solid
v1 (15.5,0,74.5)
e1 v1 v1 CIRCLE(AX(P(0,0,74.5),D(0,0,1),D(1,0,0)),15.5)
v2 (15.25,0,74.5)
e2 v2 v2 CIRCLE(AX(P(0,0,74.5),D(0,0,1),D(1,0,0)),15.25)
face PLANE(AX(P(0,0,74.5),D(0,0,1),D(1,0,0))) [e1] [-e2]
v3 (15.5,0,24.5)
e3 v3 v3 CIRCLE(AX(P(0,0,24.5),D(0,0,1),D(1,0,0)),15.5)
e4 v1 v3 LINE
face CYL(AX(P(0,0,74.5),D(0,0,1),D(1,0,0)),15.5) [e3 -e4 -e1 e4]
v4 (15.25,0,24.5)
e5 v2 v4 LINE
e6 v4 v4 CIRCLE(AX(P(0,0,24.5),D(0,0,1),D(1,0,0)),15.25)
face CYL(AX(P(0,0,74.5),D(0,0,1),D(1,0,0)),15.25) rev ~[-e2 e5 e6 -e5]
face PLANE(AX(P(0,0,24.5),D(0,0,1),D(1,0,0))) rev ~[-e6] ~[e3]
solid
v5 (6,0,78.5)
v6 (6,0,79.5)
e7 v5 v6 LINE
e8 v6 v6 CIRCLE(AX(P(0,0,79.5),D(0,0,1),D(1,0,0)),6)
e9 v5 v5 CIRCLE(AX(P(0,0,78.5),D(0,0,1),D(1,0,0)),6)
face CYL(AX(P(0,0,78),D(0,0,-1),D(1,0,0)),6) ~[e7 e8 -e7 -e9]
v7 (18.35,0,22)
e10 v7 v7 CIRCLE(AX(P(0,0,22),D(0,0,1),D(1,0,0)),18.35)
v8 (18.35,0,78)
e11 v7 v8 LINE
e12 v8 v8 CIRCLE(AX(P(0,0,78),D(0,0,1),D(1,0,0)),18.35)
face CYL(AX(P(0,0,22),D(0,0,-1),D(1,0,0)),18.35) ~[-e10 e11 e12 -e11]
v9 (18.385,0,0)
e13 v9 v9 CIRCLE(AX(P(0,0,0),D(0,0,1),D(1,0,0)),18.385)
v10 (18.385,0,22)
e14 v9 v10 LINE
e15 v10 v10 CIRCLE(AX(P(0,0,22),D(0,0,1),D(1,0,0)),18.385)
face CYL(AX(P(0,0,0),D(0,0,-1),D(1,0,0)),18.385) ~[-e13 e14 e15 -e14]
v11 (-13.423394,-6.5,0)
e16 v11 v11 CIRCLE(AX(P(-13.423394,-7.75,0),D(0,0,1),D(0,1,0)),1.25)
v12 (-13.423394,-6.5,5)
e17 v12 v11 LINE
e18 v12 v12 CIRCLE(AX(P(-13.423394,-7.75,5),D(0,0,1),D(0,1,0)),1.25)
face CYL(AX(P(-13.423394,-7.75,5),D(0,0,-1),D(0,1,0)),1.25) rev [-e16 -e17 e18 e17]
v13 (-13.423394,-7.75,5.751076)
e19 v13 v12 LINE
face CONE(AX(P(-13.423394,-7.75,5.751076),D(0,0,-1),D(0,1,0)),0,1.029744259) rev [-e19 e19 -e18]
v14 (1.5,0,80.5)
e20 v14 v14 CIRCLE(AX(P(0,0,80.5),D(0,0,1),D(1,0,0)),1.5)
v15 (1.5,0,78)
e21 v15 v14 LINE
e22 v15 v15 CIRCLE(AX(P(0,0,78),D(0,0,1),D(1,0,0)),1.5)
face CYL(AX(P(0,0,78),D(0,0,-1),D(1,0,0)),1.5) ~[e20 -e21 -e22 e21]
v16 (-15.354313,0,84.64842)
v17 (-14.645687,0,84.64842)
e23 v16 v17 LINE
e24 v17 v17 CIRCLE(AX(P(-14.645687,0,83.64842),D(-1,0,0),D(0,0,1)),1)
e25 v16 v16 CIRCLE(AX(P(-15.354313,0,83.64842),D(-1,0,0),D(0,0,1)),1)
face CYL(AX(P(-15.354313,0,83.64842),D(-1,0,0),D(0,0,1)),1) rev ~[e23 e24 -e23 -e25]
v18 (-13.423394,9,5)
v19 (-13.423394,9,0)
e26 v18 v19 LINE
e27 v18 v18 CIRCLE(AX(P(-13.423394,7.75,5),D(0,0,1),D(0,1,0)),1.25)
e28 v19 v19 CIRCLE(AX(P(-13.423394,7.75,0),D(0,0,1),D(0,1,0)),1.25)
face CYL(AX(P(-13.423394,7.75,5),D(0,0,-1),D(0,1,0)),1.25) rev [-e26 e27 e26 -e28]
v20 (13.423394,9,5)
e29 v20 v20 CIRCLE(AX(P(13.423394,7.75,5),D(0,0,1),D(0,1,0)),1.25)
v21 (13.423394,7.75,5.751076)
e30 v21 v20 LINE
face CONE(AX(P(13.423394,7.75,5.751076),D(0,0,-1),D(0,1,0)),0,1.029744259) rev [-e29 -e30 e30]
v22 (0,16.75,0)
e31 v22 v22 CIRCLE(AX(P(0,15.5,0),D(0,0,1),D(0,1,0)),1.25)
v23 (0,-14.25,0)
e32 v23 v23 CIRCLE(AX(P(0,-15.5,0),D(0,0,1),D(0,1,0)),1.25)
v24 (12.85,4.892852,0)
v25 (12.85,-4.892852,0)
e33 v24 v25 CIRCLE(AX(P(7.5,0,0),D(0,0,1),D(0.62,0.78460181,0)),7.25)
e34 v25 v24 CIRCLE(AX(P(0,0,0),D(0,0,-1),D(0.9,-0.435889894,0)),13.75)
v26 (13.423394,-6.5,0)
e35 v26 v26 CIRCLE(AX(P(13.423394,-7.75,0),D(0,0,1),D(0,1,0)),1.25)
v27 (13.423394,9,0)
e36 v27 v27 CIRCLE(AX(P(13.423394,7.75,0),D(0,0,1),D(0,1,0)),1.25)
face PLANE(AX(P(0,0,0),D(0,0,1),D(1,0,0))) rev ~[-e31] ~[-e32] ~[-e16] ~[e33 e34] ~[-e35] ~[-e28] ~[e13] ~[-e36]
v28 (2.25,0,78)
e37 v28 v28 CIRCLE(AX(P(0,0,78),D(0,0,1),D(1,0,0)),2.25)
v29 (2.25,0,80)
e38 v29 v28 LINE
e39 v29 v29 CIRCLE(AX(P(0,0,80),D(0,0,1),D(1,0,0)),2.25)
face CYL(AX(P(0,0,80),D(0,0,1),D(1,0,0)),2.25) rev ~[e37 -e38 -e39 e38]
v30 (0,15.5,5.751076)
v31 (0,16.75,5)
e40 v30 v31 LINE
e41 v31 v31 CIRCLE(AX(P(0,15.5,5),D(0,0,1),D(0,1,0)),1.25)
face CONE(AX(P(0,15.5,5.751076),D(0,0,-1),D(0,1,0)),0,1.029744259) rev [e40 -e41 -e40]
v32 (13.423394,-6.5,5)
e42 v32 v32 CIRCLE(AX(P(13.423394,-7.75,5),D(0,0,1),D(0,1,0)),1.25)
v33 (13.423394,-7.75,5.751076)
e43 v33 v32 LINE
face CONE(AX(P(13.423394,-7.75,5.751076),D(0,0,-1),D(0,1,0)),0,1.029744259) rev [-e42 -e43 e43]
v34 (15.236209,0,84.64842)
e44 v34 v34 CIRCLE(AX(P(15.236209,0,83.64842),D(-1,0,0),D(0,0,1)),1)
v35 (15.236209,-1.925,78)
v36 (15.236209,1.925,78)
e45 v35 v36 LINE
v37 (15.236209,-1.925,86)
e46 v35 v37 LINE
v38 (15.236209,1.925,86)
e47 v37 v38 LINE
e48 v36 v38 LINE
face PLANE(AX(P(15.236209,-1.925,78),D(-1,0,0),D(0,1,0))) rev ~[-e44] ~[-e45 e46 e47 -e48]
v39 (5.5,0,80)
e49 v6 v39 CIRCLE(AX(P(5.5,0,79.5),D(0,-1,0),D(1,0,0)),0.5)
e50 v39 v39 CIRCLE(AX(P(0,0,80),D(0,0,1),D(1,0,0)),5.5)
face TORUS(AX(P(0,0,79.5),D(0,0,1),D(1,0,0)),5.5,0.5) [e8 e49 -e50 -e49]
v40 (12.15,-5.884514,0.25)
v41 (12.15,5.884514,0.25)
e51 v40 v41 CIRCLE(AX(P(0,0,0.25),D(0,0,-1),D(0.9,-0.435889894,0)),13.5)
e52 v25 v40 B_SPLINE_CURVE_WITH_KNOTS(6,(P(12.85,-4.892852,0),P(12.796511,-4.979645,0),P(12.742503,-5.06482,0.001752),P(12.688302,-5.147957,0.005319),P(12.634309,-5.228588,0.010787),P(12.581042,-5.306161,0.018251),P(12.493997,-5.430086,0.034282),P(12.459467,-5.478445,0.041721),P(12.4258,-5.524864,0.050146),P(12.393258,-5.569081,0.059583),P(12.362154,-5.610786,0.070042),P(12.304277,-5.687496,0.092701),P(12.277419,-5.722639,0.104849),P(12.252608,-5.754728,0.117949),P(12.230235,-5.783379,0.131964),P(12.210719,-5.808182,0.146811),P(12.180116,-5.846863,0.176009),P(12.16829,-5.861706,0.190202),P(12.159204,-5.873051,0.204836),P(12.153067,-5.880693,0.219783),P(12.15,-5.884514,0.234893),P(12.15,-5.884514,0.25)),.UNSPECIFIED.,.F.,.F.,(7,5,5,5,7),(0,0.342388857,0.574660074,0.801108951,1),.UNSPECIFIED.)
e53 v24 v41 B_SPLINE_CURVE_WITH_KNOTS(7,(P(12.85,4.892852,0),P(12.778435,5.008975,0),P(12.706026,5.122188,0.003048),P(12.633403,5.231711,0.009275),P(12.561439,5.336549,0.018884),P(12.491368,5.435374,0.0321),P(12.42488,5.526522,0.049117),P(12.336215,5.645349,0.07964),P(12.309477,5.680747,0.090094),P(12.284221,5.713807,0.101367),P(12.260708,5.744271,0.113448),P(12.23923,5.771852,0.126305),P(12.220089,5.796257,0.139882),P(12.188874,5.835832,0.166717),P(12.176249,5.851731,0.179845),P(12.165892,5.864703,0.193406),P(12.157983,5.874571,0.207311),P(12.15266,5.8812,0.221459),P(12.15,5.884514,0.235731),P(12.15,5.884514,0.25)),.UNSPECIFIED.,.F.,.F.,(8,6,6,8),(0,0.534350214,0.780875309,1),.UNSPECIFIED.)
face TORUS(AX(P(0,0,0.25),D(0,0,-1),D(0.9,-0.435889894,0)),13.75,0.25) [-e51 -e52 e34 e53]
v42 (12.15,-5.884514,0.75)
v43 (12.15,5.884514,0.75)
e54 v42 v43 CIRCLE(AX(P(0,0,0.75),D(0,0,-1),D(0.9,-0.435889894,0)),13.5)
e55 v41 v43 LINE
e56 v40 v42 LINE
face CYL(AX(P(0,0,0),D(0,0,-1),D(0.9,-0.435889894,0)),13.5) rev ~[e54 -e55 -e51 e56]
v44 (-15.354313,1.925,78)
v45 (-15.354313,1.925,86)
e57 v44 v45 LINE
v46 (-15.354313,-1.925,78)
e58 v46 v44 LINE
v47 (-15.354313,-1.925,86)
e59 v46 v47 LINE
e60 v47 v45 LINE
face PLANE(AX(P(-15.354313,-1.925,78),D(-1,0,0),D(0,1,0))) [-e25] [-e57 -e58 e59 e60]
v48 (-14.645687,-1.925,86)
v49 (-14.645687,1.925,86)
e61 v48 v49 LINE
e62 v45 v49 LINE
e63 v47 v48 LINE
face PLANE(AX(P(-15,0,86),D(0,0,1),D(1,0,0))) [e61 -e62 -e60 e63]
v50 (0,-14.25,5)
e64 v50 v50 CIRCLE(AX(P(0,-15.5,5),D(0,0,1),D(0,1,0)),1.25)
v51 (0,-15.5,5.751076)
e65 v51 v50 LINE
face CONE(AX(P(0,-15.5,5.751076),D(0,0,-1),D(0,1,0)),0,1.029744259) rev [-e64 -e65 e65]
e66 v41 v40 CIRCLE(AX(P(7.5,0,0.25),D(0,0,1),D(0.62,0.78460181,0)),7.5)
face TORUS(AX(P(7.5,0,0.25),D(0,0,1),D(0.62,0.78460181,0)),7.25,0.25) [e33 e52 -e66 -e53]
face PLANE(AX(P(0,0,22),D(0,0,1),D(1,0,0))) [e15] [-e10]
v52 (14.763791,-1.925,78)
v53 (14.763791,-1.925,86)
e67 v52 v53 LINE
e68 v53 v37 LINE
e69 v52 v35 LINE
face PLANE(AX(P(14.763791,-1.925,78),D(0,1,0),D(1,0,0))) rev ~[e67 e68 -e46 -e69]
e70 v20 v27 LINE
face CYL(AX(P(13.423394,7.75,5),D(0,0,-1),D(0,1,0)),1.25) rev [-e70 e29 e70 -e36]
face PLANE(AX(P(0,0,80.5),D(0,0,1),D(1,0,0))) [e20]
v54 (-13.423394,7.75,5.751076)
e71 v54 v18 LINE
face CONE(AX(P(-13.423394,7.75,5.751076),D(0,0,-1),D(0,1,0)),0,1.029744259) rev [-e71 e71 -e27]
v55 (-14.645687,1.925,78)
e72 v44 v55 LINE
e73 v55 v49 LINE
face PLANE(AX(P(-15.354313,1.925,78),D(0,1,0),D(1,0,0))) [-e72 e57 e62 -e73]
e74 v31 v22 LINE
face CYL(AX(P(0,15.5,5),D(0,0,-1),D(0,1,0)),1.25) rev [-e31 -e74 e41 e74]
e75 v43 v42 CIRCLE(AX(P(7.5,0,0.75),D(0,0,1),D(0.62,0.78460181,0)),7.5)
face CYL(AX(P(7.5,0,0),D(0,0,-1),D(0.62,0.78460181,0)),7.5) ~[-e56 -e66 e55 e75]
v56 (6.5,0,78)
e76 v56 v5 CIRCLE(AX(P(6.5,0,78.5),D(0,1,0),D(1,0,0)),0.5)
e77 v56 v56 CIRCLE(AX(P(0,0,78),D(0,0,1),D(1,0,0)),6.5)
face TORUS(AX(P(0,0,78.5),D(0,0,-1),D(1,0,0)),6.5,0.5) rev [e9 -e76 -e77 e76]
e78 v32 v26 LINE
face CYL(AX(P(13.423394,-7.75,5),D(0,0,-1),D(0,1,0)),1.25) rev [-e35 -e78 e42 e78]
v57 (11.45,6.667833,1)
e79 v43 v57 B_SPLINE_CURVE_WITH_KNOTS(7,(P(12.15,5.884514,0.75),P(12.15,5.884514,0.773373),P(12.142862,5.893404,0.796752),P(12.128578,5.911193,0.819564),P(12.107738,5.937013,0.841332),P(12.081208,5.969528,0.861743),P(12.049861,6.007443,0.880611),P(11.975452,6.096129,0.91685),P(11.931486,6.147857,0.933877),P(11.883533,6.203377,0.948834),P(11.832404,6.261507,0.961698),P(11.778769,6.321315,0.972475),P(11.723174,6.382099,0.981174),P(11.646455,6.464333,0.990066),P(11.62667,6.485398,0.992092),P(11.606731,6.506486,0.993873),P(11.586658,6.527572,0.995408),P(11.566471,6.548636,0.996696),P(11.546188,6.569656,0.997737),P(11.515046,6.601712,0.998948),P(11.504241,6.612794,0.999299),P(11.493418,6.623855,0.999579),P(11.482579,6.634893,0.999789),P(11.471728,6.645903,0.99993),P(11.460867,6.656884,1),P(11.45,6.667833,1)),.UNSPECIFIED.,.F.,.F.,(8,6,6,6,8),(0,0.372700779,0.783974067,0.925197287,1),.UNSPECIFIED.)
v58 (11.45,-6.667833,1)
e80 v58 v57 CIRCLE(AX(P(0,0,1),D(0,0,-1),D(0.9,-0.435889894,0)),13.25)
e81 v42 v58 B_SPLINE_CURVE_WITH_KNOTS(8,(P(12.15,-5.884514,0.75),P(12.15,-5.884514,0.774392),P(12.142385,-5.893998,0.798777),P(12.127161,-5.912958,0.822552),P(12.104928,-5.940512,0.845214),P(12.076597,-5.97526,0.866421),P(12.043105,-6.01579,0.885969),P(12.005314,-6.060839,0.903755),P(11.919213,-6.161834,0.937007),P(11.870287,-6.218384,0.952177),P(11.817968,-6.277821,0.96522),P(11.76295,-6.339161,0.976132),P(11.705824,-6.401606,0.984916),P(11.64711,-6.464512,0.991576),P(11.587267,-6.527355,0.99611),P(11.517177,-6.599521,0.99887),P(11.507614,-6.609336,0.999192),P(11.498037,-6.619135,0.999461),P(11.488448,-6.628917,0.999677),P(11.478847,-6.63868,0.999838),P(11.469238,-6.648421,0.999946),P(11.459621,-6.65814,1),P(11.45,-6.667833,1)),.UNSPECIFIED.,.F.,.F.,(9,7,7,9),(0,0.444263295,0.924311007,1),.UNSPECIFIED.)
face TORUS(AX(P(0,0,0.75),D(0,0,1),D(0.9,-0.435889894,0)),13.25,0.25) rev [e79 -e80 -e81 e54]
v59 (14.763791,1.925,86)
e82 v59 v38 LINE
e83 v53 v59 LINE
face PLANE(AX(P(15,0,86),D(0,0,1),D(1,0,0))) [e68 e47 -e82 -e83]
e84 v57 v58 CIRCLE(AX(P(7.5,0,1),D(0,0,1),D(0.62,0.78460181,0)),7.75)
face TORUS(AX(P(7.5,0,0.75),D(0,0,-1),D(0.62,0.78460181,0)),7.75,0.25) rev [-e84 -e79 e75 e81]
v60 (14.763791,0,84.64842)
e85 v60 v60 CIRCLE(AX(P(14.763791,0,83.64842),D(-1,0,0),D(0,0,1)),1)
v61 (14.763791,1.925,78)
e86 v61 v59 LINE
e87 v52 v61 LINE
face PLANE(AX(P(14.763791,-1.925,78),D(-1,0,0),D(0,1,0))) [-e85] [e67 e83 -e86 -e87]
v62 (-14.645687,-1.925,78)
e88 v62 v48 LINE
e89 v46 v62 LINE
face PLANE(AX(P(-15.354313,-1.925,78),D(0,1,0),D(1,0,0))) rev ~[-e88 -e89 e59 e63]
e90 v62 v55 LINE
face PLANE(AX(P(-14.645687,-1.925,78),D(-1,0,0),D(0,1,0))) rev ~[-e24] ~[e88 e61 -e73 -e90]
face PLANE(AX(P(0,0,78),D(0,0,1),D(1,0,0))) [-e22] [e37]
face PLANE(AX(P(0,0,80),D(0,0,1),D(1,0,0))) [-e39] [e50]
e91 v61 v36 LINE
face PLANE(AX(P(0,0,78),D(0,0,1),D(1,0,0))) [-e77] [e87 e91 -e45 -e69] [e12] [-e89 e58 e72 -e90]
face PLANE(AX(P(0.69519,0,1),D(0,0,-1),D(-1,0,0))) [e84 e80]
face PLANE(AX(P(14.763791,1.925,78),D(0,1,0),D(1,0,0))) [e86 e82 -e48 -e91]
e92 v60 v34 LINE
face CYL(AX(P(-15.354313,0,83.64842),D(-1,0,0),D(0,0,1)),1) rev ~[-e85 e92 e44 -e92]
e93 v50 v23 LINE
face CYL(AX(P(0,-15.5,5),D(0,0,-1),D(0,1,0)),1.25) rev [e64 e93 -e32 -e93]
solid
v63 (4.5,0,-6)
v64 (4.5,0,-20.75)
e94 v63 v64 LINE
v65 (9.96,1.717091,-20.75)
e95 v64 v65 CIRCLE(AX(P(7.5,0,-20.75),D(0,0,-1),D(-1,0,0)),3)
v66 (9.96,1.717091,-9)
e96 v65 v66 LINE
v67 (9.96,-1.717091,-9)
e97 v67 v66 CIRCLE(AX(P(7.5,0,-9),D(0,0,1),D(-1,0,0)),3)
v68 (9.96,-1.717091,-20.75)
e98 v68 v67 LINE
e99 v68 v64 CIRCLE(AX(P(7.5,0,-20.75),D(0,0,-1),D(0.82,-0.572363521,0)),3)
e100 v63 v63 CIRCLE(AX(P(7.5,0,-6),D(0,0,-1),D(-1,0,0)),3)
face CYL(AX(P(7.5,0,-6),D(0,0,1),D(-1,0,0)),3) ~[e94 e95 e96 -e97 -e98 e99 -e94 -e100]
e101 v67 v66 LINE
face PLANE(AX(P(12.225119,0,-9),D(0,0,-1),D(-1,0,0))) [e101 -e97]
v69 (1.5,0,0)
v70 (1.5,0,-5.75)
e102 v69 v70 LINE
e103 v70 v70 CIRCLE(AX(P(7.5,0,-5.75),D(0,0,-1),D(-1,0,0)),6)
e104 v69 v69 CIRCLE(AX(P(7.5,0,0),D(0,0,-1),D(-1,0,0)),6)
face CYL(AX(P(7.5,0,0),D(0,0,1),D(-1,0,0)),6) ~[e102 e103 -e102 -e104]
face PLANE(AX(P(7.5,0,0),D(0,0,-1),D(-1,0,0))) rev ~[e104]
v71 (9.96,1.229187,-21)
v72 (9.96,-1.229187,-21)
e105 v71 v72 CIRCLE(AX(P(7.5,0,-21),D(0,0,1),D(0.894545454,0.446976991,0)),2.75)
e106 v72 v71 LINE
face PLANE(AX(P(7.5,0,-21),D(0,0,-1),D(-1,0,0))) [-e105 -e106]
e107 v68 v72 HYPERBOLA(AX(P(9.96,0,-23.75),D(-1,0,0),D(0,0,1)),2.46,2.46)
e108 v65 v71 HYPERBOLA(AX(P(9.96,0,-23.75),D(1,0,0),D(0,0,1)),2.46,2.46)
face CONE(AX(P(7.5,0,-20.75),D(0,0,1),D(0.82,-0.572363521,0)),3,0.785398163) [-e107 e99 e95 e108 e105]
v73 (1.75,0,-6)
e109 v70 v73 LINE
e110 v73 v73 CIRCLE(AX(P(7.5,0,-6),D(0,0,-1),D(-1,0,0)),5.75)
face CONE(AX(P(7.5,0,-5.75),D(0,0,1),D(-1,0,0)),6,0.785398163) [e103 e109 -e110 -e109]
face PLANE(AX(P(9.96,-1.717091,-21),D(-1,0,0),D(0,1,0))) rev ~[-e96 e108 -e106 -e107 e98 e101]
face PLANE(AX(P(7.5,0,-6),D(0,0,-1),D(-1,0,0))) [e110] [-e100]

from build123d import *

# Parameters (mm, degrees)
ESQUISSE1_R                = 18.385
BOSS_EXTRU_1_DEPTH         = 22
ESQUISSE2_R                = 18.35
BOSS_EXTRU_2_DEPTH         = 56
ESQUISSE3_R                = 6
BOSS_EXTRU_3_DEPTH         = 2
CONG_1_R                   = 0.5
ESQUISSE4_R                = 2.25
ENL_V_MAT_EXTRU_1_DEPTH    = 2
ESQUISSE5_R                = 1.5
BOSS_EXTRU_4_DEPTH         = 2.5
ESQUISSE7_R                = 15.5
ESQUISSE7_R_2              = 15.25
BOSS_EXTRU_5_DEPTH         = 50
ESQUISSE8_R                = 6
BOSS_EXTRU_6_DEPTH         = 6
ESQUISSE9_R                = 3
BOSS_EXTRU_7_DEPTH         = 15
ESQUISSE10_W               = 4.530237875
ESQUISSE10_H               = 3.434181126
ENL_V_MAT_EXTRU_5_DEPTH    = 12
ENL_V_MAT_EXTRU_6_DEPTH    = 1
CONG_2_R                   = 0.25
CHANFREIN1_SIZE            = 0.25
TROU_TARAUD_M31_AT_2_COUNT = 2
TROU_TARAUD_M31_AT_2_PITCH = 15.5
TROU_TARAUD_M31_AT_3_COUNT = 2
TROU_TARAUD_M31_AT_3_PITCH = 26.846787517
TROU_TARAUD_M31_AT_4_COUNT = 2
TROU_TARAUD_M31_AT_4_PITCH = 31
TROU_TARAUD_M31_AT_5_COUNT = 2
TROU_TARAUD_M31_AT_5_PITCH = 26.846787517
TROU_TARAUD_M31_AT_6_COUNT = 2
TROU_TARAUD_M31_AT_6_PITCH = 15.5
ESQUISSE14_W               = 0.472417348
ESQUISSE14_H               = 3.85
ESQUISSE14_W_2             = 0.70862602
BOSS_EXTRU_8_DEPTH         = 8
ESQUISSE15_R               = 1
ENL_V_MAT_EXTRU_7_DEPTH    = 38


with BuildPart() as part:
    # Esquisse1 → Boss.-Extru.1 (new body)
    with BuildSketch(Plane.XY):
        Circle(ESQUISSE1_R)
    extrude(amount=BOSS_EXTRU_1_DEPTH)

    # Esquisse2 → Boss.-Extru.2 (add)
    with BuildSketch(Plane.XY.offset(22)):
        Circle(ESQUISSE2_R)
    extrude(amount=BOSS_EXTRU_2_DEPTH)

    # Esquisse3 → Boss.-Extru.3 (add)
    with BuildSketch(Plane.XY.offset(78)):
        Circle(ESQUISSE3_R)
    extrude(amount=BOSS_EXTRU_3_DEPTH)

    # Congé1
    cong_1_edges = [part.edges().sort_by_distance(p)[0] for p in [
        (-6, 0, 80),
        (-6, 0, 78),
    ]]
    fillet(cong_1_edges, radius=CONG_1_R)

    # Esquisse4 → Enlèv. mat.-Extru.1 (cut)
    with BuildSketch(Plane.XY.offset(80)):
        Circle(ESQUISSE4_R)
    extrude(amount=-ENL_V_MAT_EXTRU_1_DEPTH, mode=Mode.SUBTRACT)

    # Esquisse5 → Boss.-Extru.4 (add)
    with BuildSketch(Plane.XY.offset(78)):
        Circle(ESQUISSE5_R)
    extrude(amount=BOSS_EXTRU_4_DEPTH)

    # Esquisse11 → Enlèv. mat.-Extru.6 (cut)
    with BuildSketch(Plane(origin=(0, 0, 0), x_dir=(-1, 0, 0), z_dir=(0, 0, -1))):
        with BuildLine():
            ThreePointArc((-12.15, -5.884513574), (13.5, 0), (-12.15, 5.884513574))
            ThreePointArc((-12.15, 5.884513574), (0, 0), (-12.15, -5.884513574))
        make_face()
    extrude(amount=-ENL_V_MAT_EXTRU_6_DEPTH, mode=Mode.SUBTRACT)

    # Congé2
    cong_2_edges = [part.edges().sort_by_distance(p)[0] for p in [
        (-13.5, 0, 0),
        (0, 0, 0),
        (-13.5, 0, 1),
        (0, 0, 1),
    ]]
    fillet(cong_2_edges, radius=CONG_2_R)

    # Esquisse13 → Trou taraudé M31 (revolve, cut)
    with BuildSketch(Plane(origin=(0, 15.5, 0), x_dir=(0, 1, 0), z_dir=(1, 0, 0))):
        Polygon((0, 0), (0, 5.751075774), (1.25, 5), (1.25, 0), align=None)
    trou_taraud_m31 = revolve(axis=Axis((0, 15.5, -6.35), (0, 0, 1)), mode=Mode.SUBTRACT)

    # Trou taraudé M31 at 2: Trou taraudé M31 ×2
    with Locations(*[Vector(0.8660254037844101, -0.5000000000000495, 0) * (i * TROU_TARAUD_M31_AT_2_PITCH) for i in range(1, TROU_TARAUD_M31_AT_2_COUNT)]):
        add(trou_taraud_m31, mode=Mode.SUBTRACT)

    # Trou taraudé M31 at 3: Trou taraudé M31 ×2
    with Locations(*[Vector(0.49999999999995065, -0.8660254037844671, 0) * (i * TROU_TARAUD_M31_AT_3_PITCH) for i in range(1, TROU_TARAUD_M31_AT_3_COUNT)]):
        add(trou_taraud_m31, mode=Mode.SUBTRACT)

    # Trou taraudé M31 at 4: Trou taraudé M31 ×2
    with Locations(*[(0, -i * TROU_TARAUD_M31_AT_4_PITCH, 0) for i in range(1, TROU_TARAUD_M31_AT_4_COUNT)]):
        add(trou_taraud_m31, mode=Mode.SUBTRACT)

    # Trou taraudé M31 at 5: Trou taraudé M31 ×2
    with Locations(*[Vector(-0.5000000000000493, -0.8660254037844103, 0) * (i * TROU_TARAUD_M31_AT_5_PITCH) for i in range(1, TROU_TARAUD_M31_AT_5_COUNT)]):
        add(trou_taraud_m31, mode=Mode.SUBTRACT)

    # Trou taraudé M31 at 6: Trou taraudé M31 ×2
    with Locations(*[Vector(-0.866025403784467, -0.49999999999995076, 0) * (i * TROU_TARAUD_M31_AT_6_PITCH) for i in range(1, TROU_TARAUD_M31_AT_6_COUNT)]):
        add(trou_taraud_m31, mode=Mode.SUBTRACT)

    # Esquisse14 → Boss.-Extru.8 (add)
    with BuildSketch(Plane.XY.offset(78)):
        with Locations((15, 0)):
            Rectangle(ESQUISSE14_W, ESQUISSE14_H)
        with Locations((-15, 0)):
            Rectangle(ESQUISSE14_W_2, ESQUISSE14_H)
    extrude(amount=BOSS_EXTRU_8_DEPTH)

    # Esquisse15 → Enlèv. mat.-Extru.7 (cut)
    with BuildSketch(Plane.ZY.offset(15.35431301)):
        with Locations((83.648419572, 0)):
            Circle(ESQUISSE15_R)
    extrude(amount=-ENL_V_MAT_EXTRU_7_DEPTH, mode=Mode.SUBTRACT)


with BuildPart() as body_2:
    # Esquisse7 → Boss.-Extru.5 (new body)
    with BuildSketch(Plane.XY.offset(74.5)):
        Circle(ESQUISSE7_R)
        Circle(ESQUISSE7_R_2, mode=Mode.SUBTRACT)
    extrude(amount=-BOSS_EXTRU_5_DEPTH)


with BuildPart() as body_3:
    # Esquisse8 → Boss.-Extru.6 (new body)
    with BuildSketch(Plane(origin=(0, 0, 0), x_dir=(-1, 0, 0), z_dir=(0, 0, -1))):
        with Locations((-7.5, 0)):
            Circle(ESQUISSE8_R)
    extrude(amount=BOSS_EXTRU_6_DEPTH)

    # Esquisse9 → Boss.-Extru.7 (add)
    with BuildSketch(Plane(origin=(0, 0, -6), x_dir=(-1, 0, 0), z_dir=(0, 0, -1))):
        with Locations((-7.5, 0)):
            Circle(ESQUISSE9_R)
    extrude(amount=BOSS_EXTRU_7_DEPTH)

    # Esquisse10 → Enlèv. mat.-Extru.5 (cut)
    with BuildSketch(Plane(origin=(0, 0, -21), x_dir=(-1, 0, 0), z_dir=(0, 0, -1))):
        with Locations((-12.225118937, 0)):
            Rectangle(ESQUISSE10_W, ESQUISSE10_H)
    extrude(amount=-ENL_V_MAT_EXTRU_5_DEPTH, mode=Mode.SUBTRACT)

    # Chanfrein1
    chanfrein1_edges = [body_3.edges().sort_by_distance(p)[0] for p in [
        (13.5, 0, -6),
        (6.6, -2.861817604, -21),
    ]]
    chamfer(chanfrein1_edges, length=CHANFREIN1_SIZE)


solid = Compound([part.part, body_2.part, body_3.part])
